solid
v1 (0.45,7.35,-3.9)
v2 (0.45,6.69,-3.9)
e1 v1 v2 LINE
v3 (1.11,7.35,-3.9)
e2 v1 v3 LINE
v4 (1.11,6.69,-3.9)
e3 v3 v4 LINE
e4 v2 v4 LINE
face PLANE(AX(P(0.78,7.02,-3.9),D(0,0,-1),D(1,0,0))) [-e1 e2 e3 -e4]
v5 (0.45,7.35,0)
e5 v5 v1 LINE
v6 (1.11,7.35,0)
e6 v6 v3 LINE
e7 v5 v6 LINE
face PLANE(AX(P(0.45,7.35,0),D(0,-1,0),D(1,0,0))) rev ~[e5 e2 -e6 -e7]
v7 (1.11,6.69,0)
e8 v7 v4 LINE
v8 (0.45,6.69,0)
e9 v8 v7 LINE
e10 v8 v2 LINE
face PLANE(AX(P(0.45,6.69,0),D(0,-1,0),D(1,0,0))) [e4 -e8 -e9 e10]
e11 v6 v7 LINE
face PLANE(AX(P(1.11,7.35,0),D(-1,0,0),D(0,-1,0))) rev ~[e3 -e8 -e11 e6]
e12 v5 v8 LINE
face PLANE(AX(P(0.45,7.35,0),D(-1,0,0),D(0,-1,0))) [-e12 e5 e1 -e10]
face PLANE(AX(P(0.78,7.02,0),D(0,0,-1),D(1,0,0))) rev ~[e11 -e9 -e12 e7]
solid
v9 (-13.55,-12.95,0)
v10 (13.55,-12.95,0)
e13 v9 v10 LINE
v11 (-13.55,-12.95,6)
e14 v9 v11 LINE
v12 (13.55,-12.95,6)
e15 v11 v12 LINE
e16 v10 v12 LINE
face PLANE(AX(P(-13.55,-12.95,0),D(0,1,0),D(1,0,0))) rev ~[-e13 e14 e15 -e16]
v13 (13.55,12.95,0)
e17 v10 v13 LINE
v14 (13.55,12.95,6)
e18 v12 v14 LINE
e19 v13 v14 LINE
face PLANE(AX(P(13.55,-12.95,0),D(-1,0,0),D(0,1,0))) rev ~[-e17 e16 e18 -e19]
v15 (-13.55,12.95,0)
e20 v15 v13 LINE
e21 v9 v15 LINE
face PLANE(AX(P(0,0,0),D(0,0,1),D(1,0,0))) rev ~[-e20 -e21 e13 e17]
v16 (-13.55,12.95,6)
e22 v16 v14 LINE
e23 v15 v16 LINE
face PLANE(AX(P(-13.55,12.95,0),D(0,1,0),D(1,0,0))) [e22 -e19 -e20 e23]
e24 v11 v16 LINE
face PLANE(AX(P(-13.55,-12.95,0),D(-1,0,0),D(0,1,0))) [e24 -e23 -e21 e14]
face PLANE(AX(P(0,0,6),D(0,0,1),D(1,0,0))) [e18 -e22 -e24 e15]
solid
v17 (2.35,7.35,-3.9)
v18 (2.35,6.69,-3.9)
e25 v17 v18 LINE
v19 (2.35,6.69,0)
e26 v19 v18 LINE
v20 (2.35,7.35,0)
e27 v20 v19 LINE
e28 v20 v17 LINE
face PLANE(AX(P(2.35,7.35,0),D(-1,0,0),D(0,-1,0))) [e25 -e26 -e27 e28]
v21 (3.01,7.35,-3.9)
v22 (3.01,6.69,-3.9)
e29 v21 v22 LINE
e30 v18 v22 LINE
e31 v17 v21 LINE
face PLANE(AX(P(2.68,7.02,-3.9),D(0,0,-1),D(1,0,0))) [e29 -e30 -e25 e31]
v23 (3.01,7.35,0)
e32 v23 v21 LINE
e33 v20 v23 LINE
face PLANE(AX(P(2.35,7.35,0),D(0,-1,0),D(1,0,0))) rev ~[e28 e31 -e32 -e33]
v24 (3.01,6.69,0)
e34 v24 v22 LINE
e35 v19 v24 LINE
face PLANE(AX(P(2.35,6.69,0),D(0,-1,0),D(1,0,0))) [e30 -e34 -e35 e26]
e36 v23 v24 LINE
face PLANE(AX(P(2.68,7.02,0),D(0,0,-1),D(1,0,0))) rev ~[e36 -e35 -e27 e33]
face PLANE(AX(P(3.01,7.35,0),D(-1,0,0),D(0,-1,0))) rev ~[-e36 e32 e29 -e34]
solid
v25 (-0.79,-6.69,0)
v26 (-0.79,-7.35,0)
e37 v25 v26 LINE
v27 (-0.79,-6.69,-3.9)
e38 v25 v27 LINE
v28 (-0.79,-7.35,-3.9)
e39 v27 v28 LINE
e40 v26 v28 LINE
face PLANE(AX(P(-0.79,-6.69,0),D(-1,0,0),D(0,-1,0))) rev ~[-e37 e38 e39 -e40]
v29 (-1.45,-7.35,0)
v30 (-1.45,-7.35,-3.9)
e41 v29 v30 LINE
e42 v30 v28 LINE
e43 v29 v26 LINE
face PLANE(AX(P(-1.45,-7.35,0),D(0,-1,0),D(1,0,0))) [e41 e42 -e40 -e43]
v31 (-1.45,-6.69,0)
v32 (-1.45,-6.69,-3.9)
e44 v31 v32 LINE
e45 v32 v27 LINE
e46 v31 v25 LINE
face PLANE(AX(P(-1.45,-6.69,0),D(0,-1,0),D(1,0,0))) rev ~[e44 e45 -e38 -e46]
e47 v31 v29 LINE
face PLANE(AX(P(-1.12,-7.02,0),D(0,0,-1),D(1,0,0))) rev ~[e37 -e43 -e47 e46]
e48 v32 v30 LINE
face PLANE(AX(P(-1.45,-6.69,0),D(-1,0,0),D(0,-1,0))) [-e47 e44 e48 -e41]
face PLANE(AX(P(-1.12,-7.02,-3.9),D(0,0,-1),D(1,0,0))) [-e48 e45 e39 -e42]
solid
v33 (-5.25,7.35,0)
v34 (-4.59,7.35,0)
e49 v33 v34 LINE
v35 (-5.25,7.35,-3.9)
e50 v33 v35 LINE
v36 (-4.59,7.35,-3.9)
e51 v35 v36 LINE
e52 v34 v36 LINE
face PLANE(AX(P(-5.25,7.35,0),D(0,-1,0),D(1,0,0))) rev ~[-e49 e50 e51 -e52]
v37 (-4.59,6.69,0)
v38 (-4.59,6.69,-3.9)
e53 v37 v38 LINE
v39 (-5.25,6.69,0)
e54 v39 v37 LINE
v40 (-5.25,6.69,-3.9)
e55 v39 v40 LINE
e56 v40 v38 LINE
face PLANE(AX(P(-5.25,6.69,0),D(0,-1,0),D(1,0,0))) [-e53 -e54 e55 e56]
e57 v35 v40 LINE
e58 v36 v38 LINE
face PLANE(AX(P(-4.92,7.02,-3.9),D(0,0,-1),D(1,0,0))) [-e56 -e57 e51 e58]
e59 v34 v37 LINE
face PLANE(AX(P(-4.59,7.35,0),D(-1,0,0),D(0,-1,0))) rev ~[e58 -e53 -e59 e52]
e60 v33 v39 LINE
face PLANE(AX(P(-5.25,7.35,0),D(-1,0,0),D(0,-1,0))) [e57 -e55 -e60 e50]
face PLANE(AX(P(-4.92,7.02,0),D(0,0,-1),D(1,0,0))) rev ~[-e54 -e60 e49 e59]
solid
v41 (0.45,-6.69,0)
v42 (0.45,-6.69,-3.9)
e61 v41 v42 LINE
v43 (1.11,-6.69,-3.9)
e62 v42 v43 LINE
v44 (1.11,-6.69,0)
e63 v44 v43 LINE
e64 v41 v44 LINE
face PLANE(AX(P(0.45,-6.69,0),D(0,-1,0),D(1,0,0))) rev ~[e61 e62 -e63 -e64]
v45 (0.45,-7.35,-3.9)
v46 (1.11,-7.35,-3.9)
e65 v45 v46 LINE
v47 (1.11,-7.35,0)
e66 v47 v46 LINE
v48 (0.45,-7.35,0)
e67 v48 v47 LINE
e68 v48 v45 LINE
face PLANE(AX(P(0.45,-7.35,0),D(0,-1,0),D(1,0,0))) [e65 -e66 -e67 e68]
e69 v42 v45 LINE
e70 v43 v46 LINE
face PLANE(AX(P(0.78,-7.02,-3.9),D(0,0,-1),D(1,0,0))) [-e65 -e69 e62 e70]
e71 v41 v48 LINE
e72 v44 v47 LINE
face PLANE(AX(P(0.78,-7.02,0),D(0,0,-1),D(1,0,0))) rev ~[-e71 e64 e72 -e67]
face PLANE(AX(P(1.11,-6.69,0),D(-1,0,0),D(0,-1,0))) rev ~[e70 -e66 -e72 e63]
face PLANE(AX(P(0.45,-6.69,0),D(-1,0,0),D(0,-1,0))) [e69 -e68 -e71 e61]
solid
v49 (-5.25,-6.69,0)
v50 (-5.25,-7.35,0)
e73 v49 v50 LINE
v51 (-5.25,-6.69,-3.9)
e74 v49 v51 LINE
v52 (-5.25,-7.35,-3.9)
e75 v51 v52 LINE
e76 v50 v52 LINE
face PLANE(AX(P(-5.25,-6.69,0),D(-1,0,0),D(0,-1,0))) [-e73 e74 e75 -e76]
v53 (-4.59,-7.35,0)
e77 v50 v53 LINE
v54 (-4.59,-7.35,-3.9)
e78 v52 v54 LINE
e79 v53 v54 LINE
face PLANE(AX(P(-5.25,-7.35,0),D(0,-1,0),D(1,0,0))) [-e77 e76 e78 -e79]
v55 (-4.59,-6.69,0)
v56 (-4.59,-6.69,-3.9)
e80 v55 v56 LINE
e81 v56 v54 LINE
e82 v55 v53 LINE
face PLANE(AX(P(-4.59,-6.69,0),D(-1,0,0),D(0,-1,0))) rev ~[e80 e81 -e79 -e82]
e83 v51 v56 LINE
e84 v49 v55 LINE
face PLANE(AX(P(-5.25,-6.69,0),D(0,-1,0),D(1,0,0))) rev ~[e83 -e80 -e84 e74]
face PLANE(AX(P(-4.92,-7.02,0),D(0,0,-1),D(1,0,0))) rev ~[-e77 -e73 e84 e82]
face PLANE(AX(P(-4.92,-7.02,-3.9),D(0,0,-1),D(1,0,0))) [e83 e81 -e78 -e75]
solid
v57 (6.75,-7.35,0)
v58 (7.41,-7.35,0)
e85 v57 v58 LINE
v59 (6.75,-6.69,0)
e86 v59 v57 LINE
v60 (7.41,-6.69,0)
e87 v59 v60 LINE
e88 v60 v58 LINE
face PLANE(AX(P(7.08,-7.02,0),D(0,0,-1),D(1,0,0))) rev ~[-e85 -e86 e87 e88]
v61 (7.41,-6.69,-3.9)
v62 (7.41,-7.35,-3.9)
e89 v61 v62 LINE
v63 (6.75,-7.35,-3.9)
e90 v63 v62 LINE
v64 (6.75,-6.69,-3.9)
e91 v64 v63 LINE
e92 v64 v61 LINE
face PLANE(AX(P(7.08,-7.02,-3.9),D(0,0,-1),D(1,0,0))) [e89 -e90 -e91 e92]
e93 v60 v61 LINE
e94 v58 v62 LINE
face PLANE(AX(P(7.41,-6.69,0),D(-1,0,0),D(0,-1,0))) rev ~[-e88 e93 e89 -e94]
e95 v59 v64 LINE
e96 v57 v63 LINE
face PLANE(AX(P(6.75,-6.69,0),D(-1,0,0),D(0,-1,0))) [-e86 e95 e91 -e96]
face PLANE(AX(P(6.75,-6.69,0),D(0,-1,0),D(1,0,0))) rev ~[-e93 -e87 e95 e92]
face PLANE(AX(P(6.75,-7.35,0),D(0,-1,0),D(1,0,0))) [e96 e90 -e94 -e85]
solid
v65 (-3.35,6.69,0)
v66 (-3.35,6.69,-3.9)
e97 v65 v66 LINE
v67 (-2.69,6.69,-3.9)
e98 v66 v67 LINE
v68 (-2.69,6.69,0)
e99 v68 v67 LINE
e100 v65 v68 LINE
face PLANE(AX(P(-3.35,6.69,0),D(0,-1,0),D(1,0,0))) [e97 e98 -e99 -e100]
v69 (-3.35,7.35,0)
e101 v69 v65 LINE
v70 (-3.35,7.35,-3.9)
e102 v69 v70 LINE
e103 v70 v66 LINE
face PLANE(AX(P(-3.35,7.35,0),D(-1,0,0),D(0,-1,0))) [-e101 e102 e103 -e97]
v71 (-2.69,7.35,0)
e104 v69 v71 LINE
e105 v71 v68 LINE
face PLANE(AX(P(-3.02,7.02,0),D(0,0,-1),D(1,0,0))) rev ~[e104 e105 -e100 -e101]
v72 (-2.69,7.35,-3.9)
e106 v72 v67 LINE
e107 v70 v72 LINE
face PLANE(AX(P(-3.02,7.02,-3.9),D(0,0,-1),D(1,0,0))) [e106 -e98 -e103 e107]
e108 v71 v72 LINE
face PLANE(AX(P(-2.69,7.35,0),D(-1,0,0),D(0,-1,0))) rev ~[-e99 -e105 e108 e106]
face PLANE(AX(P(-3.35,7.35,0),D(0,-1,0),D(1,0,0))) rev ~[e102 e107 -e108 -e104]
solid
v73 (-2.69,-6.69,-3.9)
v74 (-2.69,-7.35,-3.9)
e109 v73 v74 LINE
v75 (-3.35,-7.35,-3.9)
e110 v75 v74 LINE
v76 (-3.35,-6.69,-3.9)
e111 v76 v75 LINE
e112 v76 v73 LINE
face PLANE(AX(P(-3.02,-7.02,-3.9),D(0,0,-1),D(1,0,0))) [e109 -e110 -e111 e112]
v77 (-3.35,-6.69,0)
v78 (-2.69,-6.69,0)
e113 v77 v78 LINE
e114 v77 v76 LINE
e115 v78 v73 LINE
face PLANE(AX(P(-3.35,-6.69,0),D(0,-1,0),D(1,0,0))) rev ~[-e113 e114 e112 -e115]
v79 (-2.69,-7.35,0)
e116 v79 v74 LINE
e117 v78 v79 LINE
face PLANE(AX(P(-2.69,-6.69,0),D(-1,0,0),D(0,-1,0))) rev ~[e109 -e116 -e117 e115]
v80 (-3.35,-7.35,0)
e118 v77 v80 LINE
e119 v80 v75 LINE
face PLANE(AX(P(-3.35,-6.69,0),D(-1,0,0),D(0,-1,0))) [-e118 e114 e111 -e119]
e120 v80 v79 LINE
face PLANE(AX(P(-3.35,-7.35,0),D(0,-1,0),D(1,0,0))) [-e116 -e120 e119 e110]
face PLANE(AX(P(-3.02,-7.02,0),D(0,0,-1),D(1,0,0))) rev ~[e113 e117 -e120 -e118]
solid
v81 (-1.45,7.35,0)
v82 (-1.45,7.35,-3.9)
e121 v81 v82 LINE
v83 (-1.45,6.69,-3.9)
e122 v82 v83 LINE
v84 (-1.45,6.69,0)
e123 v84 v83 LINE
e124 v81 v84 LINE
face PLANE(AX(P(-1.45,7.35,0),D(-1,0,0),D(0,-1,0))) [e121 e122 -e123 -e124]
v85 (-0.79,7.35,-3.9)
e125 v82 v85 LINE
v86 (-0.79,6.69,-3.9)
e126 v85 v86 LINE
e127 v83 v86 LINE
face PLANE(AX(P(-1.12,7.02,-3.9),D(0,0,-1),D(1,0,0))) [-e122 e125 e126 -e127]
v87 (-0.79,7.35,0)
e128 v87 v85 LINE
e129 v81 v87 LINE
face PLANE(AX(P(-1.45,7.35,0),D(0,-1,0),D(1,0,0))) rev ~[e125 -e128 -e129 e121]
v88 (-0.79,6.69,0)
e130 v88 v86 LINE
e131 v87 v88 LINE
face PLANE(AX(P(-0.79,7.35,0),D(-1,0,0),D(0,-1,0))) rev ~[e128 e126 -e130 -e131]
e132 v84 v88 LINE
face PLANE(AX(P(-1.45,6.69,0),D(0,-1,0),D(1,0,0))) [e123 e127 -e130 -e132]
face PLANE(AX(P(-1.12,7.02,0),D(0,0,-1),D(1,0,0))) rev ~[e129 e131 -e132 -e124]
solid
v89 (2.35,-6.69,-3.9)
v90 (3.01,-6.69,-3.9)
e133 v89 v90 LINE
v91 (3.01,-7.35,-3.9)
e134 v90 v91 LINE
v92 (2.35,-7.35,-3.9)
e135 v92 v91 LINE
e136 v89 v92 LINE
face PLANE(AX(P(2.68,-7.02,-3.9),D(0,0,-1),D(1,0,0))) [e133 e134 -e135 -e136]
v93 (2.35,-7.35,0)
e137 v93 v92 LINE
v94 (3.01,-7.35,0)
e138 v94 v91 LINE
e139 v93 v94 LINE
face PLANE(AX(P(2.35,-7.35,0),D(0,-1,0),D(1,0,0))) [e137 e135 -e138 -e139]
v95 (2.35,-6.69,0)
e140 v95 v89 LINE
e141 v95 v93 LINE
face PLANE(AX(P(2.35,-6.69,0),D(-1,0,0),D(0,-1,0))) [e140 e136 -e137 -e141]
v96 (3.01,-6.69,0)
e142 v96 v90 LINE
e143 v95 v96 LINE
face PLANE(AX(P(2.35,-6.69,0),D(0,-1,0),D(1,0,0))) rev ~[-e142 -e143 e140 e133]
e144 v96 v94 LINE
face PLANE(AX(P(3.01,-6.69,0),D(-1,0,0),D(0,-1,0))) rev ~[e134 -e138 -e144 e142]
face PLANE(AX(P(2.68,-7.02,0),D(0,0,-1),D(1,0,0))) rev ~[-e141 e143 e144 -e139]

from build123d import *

# Parameters (mm, degrees)
F0_W     = 27.1
F0_H     = 25.9
F1_DEPTH = 6
F2_W     = 0.66
F2_H     = 0.66
F3_DEPTH = 3.9


with BuildPart() as f1:
    # F0 (on Top) → F1 (new body)
    with BuildSketch(Plane.XY):
        Rectangle(F0_W, F0_H)
    extrude(amount=F1_DEPTH)


with BuildPart() as f3:
    # F2 (on face) → F3 (new body)
    with BuildSketch(Plane(origin=(0, 0, 0), x_dir=(1, 0, 0), z_dir=(0, 0, -1))):
        with Locations((-3.02, 7.02)):
            Rectangle(F2_W, F2_H)
        with Locations((-1.12, 7.02)):
            Rectangle(F2_W, F2_H)
        with Locations((0.78, 7.02)):
            Rectangle(F2_W, F2_H)
        with Locations((2.68, 7.02)):
            Rectangle(F2_W, F2_H)
        with Locations((-3.02, -7.02)):
            Rectangle(F2_W, F2_H)
        with Locations((-4.92, -7.02)):
            Rectangle(F2_W, F2_H)
        with Locations((2.68, -7.02)):
            Rectangle(F2_W, F2_H)
        with Locations((0.78, -7.02)):
            Rectangle(F2_W, F2_H)
        with Locations((-1.12, -7.02)):
            Rectangle(F2_W, F2_H)
        with Locations((7.08, 7.02)):
            Rectangle(F2_W, F2_H)
        with Locations((-4.92, 7.02)):
            Rectangle(F2_W, F2_H)
    extrude(amount=F3_DEPTH)


solid = Compound([f1.part, f3.part])
